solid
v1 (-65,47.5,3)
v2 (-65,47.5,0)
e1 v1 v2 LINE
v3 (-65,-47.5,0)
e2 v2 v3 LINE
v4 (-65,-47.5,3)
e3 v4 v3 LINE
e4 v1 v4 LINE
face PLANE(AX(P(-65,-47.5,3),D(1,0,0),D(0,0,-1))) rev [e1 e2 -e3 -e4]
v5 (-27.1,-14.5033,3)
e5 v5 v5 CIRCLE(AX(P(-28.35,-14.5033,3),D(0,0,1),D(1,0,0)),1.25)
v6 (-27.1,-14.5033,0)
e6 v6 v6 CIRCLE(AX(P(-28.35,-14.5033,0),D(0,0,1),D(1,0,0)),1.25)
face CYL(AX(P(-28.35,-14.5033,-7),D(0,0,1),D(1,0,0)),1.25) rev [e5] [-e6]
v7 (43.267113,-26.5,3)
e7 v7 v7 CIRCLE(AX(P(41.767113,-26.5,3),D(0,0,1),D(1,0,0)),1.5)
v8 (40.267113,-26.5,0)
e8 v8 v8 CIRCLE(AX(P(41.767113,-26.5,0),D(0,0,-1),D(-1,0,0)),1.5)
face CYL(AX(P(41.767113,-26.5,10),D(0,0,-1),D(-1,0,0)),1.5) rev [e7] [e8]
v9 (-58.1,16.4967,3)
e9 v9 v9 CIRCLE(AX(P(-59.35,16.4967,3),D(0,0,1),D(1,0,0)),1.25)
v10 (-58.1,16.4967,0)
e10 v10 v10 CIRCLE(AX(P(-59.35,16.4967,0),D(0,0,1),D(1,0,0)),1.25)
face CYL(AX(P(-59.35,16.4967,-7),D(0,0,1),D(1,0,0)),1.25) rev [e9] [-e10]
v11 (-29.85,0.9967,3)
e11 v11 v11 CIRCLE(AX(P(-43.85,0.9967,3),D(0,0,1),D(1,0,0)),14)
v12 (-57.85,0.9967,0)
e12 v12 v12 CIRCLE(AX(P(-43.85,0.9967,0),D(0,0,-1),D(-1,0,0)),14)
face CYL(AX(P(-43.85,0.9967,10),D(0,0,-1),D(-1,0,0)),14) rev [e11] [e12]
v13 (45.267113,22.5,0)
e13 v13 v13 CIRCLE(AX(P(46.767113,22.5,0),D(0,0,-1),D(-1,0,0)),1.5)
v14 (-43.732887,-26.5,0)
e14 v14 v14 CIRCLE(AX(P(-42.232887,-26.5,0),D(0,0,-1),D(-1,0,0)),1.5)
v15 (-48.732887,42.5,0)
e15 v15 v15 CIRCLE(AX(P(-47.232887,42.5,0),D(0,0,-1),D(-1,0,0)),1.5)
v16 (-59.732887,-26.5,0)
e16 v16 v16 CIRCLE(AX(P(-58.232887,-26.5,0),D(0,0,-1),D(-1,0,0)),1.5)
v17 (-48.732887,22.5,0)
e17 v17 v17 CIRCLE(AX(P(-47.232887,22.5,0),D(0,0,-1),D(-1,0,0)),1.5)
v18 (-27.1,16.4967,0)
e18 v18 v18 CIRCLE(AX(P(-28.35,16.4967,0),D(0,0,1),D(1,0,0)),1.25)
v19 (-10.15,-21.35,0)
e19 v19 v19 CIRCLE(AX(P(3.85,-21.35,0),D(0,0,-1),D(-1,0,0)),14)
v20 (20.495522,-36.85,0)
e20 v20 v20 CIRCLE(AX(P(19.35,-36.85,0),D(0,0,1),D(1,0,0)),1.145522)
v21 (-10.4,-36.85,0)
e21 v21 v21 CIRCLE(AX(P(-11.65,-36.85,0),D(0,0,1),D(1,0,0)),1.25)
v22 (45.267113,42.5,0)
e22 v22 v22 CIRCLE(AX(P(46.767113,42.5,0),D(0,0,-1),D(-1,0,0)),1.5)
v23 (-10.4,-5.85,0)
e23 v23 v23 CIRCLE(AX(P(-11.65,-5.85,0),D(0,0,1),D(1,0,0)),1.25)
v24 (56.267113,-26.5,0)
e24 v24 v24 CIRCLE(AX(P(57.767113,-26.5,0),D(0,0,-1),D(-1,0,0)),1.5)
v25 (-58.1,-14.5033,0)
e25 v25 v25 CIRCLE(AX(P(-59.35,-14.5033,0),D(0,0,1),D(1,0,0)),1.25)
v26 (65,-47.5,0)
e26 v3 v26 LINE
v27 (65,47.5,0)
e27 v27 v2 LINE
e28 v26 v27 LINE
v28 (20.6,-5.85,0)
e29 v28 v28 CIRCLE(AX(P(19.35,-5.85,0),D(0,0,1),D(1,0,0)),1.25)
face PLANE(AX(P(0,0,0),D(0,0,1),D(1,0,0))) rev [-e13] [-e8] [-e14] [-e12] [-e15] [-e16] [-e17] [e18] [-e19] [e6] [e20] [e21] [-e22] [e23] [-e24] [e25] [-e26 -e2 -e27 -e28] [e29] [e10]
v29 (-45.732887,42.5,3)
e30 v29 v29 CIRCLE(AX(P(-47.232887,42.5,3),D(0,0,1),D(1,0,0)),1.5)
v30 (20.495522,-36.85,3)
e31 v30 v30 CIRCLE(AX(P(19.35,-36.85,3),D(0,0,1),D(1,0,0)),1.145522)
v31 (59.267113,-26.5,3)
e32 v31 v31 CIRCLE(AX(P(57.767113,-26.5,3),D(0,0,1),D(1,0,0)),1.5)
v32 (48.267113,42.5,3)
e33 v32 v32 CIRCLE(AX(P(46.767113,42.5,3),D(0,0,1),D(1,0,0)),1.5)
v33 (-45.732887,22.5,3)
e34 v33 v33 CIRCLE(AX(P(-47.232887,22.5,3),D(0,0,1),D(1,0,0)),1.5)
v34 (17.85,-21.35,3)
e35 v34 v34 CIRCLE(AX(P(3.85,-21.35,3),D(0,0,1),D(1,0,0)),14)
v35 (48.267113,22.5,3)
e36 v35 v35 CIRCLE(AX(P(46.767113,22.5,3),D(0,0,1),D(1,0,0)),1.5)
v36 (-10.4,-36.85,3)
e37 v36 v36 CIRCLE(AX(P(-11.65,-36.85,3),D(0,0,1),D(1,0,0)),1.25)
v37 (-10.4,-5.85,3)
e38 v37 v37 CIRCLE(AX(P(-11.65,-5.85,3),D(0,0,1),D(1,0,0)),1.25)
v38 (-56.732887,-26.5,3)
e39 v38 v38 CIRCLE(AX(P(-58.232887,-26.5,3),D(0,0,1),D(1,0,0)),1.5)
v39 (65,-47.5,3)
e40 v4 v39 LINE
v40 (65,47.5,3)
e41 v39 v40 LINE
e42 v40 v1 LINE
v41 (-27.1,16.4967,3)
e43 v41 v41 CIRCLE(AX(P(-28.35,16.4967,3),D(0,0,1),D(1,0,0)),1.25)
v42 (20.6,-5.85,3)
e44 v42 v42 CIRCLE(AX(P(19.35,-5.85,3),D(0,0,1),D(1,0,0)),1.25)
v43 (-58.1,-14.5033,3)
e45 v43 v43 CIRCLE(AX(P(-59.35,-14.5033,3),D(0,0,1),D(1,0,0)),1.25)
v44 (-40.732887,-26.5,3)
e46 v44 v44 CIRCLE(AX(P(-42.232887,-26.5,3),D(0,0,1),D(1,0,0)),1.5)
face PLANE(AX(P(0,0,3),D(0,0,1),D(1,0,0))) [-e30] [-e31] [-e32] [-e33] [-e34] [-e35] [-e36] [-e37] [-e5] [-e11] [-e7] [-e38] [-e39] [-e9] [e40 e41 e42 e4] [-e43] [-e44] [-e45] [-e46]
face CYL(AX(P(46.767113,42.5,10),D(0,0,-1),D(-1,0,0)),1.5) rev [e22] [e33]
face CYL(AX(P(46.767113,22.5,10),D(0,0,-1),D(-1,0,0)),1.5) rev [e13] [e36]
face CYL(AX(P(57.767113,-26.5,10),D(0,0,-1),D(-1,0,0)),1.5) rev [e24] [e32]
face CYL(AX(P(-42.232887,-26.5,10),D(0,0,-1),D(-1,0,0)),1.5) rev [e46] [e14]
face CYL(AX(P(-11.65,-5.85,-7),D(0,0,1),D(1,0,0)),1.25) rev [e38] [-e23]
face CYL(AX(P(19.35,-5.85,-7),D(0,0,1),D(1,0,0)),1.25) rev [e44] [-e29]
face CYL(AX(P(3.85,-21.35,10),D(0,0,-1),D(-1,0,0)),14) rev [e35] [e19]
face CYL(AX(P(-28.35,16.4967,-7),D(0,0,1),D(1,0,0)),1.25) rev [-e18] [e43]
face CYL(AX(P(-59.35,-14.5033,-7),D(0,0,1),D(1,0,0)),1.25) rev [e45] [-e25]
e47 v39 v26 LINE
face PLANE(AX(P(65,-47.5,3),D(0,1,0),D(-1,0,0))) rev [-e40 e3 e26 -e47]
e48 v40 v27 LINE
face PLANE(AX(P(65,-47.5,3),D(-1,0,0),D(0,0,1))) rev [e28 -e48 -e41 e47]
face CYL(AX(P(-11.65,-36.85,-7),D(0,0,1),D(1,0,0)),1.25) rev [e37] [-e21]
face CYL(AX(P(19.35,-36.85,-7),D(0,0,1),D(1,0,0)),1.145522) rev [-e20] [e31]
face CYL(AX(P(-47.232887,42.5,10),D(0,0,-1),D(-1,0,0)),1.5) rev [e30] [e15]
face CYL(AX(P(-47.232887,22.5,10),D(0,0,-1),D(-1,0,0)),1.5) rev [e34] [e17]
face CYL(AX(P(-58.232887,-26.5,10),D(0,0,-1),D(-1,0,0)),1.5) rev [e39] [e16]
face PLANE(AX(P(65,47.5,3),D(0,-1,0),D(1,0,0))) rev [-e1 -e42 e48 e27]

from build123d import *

# Parameters (mm, degrees)
SKETCH_1_W          = 130
SKETCH_1_H          = 95
EXTRUDE_1_DEPTH     = 3
SKETCH_3_R          = 1.5
CUT_EXTRUDE_2_DEPTH = 10
SKETCH_4_R          = 1.5
CUT_EXTRUDE_3_DEPTH = 10
SKETCH_5_R          = 14
CUT_EXTRUDE_4_DEPTH = 10
SKETCH_6_R          = 1.25
SKETCH_6_R_2        = 1.145522231
CUT_EXTRUDE_5_DEPTH = 10


with BuildPart() as part:
    # 草图1 → 凸台-拉伸1 (new body)
    with BuildSketch(Plane.XY):
        Rectangle(SKETCH_1_W, SKETCH_1_H)
    extrude(amount=EXTRUDE_1_DEPTH)

    # 草图3 → 切除-拉伸2 (cut)
    with BuildSketch(Plane(origin=(0, 0, 0), x_dir=(-1, 0, 0), z_dir=(0, 0, -1))):
        with Locations((-57.767112616, -26.5)):
            Circle(SKETCH_3_R)
        with Locations((-41.767112616, -26.5)):
            Circle(SKETCH_3_R)
        with Locations((42.232887384, -26.5)):
            Circle(SKETCH_3_R)
        with Locations((58.232887384, -26.5)):
            Circle(SKETCH_3_R)
    extrude(amount=-CUT_EXTRUDE_2_DEPTH, mode=Mode.SUBTRACT)

    # 草图4 → 切除-拉伸3 (cut)
    with BuildSketch(Plane(origin=(0, 0, 0), x_dir=(-1, 0, 0), z_dir=(0, 0, -1))):
        with Locations((-46.767112616, 42.5)):
            Circle(SKETCH_4_R)
        with Locations((-46.767112616, 22.5)):
            Circle(SKETCH_4_R)
        with Locations((47.232887384, 42.5)):
            Circle(SKETCH_4_R)
        with Locations((47.232887384, 22.5)):
            Circle(SKETCH_4_R)
    extrude(amount=-CUT_EXTRUDE_3_DEPTH, mode=Mode.SUBTRACT)

    # 草图5 → 切除-拉伸4 (cut)
    with BuildSketch(Plane(origin=(0, 0, 0), x_dir=(-1, 0, 0), z_dir=(0, 0, -1))):
        with Locations((-3.85, -21.35)):
            Circle(SKETCH_5_R)
        with Locations((43.85, 0.996699625)):
            Circle(SKETCH_5_R)
    extrude(amount=-CUT_EXTRUDE_4_DEPTH, mode=Mode.SUBTRACT)

    # 草图6 → 切除-拉伸5 (cut)
    with BuildSketch(Plane.XY.offset(3)):
        with Locations((-59.35, 16.496699625)):
            Circle(SKETCH_6_R)
        with Locations((-28.35, 16.496699625)):
            Circle(SKETCH_6_R)
        with Locations((-59.35, -14.503300375)):
            Circle(SKETCH_6_R)
        with Locations((-28.35, -14.503300375)):
            Circle(SKETCH_6_R)
        with Locations((-11.65, -5.85)):
            Circle(SKETCH_6_R)
        with Locations((19.35, -5.85)):
            Circle(SKETCH_6_R)
        with Locations((19.35, -36.85)):
            Circle(SKETCH_6_R_2)
        with Locations((-11.65, -36.85)):
            Circle(SKETCH_6_R)
    extrude(amount=-CUT_EXTRUDE_5_DEPTH, mode=Mode.SUBTRACT)


solid = part.part
